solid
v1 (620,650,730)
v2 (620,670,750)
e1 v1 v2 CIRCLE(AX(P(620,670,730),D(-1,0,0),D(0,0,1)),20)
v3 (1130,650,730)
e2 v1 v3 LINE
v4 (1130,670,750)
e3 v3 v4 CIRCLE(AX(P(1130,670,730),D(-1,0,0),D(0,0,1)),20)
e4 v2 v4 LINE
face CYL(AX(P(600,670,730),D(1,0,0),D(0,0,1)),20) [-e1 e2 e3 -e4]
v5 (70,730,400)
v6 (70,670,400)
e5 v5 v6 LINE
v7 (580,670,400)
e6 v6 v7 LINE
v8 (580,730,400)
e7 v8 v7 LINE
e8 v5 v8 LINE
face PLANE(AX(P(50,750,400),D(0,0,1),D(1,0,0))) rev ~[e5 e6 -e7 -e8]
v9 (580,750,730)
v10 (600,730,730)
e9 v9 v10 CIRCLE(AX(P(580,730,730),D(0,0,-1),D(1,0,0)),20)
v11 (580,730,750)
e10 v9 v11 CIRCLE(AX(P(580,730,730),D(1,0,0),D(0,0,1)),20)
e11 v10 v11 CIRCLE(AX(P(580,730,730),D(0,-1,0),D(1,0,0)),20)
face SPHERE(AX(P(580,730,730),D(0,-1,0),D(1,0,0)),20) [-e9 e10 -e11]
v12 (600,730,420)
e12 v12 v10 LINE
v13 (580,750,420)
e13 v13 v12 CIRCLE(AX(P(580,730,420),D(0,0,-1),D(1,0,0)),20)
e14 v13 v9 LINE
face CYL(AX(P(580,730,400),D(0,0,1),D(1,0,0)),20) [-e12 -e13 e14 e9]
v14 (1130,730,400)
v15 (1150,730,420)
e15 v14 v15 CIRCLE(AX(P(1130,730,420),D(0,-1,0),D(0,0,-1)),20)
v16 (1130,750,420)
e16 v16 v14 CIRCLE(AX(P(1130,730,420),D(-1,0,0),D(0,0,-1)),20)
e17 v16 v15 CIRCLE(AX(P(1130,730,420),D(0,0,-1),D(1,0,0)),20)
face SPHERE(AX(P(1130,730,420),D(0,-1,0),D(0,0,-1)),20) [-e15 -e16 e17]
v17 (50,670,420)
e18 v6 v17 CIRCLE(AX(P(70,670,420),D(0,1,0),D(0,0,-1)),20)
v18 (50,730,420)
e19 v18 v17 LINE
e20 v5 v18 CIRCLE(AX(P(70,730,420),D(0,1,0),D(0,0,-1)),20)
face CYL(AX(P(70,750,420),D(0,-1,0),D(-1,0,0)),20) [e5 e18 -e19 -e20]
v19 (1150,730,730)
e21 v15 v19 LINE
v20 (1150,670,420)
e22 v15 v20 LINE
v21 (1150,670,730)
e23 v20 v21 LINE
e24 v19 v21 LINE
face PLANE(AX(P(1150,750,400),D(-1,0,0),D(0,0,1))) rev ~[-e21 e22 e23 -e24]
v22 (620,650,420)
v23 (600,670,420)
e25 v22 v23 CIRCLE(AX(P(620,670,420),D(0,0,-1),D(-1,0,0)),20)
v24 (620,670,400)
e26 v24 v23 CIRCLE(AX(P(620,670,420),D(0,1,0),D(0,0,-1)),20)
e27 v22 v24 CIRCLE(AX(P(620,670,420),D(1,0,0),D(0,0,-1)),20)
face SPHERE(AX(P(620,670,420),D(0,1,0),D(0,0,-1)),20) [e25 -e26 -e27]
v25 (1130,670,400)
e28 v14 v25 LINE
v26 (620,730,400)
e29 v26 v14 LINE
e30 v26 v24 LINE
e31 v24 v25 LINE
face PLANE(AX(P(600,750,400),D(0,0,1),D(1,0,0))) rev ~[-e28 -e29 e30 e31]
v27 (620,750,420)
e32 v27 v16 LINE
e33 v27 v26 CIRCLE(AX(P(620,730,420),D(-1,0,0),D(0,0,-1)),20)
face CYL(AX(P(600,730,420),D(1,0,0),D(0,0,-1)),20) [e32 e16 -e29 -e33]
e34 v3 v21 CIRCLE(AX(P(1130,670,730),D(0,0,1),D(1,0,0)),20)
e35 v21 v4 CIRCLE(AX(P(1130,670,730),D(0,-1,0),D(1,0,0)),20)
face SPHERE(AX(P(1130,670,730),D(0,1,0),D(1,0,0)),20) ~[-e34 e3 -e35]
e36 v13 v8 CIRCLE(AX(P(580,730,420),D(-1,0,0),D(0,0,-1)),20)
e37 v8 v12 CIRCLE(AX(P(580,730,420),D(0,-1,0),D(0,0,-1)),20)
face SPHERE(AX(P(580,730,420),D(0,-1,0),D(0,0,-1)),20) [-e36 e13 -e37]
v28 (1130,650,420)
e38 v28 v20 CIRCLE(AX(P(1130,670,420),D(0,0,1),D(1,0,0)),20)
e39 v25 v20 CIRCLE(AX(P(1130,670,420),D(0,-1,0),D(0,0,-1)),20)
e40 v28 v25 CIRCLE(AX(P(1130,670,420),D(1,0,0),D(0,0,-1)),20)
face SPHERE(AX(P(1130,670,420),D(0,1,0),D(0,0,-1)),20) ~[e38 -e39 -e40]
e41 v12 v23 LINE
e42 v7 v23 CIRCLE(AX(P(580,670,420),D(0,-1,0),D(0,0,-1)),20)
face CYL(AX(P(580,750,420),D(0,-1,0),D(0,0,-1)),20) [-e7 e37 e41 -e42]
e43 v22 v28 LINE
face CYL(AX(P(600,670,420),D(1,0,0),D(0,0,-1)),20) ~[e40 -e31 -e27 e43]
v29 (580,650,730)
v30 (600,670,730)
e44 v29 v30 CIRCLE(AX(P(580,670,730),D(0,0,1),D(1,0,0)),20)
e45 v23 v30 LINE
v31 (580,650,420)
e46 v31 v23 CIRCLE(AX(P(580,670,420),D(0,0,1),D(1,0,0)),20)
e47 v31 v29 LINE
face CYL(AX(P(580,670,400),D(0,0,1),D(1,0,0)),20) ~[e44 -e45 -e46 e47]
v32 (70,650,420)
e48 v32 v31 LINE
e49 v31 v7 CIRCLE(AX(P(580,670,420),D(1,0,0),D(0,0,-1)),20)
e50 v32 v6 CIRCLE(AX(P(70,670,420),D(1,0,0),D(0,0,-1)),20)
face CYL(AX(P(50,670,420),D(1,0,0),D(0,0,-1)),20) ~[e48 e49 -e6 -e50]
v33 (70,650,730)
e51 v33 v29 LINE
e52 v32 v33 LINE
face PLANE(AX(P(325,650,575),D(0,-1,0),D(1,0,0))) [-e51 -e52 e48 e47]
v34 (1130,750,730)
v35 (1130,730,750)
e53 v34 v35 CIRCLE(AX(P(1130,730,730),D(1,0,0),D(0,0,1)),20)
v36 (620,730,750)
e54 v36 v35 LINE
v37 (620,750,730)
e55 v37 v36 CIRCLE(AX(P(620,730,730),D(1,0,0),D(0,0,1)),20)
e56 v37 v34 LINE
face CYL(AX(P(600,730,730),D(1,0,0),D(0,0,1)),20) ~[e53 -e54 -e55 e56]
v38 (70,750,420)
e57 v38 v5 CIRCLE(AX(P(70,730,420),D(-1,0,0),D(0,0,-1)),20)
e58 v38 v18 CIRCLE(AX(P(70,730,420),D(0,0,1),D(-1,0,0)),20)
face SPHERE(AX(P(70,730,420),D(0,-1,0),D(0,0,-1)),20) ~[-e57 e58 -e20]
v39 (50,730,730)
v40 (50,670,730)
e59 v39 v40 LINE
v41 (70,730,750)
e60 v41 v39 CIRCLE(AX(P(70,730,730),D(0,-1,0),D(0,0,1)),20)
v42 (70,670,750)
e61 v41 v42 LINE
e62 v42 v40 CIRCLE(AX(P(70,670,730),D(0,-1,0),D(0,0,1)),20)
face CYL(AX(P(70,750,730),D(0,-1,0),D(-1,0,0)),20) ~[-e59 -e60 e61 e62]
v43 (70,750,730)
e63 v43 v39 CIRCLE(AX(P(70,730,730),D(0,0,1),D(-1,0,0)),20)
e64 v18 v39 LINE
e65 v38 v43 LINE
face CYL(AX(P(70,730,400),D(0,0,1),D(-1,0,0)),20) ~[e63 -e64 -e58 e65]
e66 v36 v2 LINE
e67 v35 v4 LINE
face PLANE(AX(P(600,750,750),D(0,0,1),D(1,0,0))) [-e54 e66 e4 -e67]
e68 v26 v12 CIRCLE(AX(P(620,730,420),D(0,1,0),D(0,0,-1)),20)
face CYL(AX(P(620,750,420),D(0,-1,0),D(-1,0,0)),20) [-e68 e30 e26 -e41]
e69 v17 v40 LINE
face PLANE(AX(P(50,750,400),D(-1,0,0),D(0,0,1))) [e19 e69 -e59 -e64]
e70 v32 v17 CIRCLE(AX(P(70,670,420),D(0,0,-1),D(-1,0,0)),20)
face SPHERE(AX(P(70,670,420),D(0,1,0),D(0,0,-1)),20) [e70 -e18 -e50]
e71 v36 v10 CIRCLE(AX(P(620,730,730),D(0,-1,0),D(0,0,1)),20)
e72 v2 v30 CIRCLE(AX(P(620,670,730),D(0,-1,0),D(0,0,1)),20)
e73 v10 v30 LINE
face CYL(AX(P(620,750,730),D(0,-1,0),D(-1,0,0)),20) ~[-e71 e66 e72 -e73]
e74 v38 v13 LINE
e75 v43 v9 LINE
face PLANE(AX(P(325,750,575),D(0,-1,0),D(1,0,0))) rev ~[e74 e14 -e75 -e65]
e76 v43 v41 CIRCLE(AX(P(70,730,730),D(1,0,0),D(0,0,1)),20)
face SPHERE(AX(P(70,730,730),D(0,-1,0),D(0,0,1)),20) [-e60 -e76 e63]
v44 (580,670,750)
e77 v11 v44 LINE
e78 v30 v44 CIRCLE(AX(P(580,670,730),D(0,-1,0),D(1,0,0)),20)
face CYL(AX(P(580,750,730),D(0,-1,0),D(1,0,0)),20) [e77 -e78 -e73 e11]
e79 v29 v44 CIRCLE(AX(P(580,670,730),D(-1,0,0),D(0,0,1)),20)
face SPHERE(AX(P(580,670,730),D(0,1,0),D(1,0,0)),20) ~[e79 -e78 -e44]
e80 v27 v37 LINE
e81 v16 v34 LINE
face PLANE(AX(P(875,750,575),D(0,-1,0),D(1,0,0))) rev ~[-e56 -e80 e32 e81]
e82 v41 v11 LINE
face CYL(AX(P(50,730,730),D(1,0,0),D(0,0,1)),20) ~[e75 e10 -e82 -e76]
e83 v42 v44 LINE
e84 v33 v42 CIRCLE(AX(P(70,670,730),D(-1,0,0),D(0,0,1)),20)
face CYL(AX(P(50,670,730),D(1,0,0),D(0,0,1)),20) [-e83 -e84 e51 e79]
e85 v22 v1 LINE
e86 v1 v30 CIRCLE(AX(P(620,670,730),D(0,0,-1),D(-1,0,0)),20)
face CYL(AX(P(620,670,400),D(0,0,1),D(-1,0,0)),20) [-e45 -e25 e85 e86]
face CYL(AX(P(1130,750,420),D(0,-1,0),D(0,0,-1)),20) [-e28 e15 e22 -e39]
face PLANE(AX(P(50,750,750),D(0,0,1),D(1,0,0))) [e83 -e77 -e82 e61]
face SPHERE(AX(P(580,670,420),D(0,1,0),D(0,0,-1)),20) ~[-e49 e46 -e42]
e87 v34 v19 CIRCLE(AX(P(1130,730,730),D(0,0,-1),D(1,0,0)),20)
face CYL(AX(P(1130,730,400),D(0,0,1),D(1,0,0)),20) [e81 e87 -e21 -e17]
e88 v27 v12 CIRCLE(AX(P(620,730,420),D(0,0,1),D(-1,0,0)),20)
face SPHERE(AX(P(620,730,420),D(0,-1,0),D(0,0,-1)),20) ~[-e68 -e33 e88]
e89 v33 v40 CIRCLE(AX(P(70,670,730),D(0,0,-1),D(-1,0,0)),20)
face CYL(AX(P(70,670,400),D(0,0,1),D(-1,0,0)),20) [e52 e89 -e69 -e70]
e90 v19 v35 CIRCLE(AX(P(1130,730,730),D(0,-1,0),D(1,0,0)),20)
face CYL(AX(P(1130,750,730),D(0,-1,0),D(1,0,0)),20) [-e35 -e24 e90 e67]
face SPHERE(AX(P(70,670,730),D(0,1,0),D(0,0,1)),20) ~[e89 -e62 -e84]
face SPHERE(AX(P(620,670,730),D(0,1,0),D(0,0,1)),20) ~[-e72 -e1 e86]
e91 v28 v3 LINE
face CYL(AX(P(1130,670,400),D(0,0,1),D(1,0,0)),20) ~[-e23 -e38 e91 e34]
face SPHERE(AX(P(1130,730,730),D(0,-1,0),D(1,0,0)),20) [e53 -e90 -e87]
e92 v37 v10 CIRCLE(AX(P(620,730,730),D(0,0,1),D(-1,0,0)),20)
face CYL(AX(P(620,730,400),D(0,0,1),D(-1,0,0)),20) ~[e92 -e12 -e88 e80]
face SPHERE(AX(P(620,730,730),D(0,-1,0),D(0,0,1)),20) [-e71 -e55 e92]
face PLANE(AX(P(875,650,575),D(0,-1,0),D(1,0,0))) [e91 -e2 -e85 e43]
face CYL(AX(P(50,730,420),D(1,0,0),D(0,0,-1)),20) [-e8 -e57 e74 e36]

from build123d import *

# Parameters (mm, degrees)
SKETCH005_W      = 550
SKETCH005_H      = 350
EXTRUDE006_DEPTH = 100
FILLET001_R      = 20
ARRAY003_X_COUNT = 2
ARRAY003_X_PITCH = 550


with BuildPart() as part:
    # Sketch005 → Extrude006 (new body)
    with BuildSketch(Plane.XZ):
        with Locations((275, 175)):
            Rectangle(SKETCH005_W, SKETCH005_H)
    extrude(amount=EXTRUDE006_DEPTH)

    # Fillet001
    fillet001_edges = [part.edges().sort_by_distance(p)[0] for p in [
        (0, -50, 0),
        (550, -50, 0),
        (275, 0, 0),
        (275, -100, 0),
        (550, -50, 350),
        (550, 0, 175),
        (550, -100, 175),
        (0, -50, 350),
        (275, 0, 350),
        (275, -100, 350),
        (0, 0, 175),
        (0, -100, 175),
    ]]
    fillet(fillet001_edges, radius=FILLET001_R)

    # Array003 X: part ×2


with BuildPart() as part_1:
    add(part.part)
    with Locations(*[(i * ARRAY003_X_PITCH, 0, 0) for i in range(1, ARRAY003_X_COUNT)]):
        add(part.part)


with BuildPart() as part_2:
    # Array003 placement: moved
    add(part_1.part.moved(Location((50, 750, 400))))


solid = part_2.part
